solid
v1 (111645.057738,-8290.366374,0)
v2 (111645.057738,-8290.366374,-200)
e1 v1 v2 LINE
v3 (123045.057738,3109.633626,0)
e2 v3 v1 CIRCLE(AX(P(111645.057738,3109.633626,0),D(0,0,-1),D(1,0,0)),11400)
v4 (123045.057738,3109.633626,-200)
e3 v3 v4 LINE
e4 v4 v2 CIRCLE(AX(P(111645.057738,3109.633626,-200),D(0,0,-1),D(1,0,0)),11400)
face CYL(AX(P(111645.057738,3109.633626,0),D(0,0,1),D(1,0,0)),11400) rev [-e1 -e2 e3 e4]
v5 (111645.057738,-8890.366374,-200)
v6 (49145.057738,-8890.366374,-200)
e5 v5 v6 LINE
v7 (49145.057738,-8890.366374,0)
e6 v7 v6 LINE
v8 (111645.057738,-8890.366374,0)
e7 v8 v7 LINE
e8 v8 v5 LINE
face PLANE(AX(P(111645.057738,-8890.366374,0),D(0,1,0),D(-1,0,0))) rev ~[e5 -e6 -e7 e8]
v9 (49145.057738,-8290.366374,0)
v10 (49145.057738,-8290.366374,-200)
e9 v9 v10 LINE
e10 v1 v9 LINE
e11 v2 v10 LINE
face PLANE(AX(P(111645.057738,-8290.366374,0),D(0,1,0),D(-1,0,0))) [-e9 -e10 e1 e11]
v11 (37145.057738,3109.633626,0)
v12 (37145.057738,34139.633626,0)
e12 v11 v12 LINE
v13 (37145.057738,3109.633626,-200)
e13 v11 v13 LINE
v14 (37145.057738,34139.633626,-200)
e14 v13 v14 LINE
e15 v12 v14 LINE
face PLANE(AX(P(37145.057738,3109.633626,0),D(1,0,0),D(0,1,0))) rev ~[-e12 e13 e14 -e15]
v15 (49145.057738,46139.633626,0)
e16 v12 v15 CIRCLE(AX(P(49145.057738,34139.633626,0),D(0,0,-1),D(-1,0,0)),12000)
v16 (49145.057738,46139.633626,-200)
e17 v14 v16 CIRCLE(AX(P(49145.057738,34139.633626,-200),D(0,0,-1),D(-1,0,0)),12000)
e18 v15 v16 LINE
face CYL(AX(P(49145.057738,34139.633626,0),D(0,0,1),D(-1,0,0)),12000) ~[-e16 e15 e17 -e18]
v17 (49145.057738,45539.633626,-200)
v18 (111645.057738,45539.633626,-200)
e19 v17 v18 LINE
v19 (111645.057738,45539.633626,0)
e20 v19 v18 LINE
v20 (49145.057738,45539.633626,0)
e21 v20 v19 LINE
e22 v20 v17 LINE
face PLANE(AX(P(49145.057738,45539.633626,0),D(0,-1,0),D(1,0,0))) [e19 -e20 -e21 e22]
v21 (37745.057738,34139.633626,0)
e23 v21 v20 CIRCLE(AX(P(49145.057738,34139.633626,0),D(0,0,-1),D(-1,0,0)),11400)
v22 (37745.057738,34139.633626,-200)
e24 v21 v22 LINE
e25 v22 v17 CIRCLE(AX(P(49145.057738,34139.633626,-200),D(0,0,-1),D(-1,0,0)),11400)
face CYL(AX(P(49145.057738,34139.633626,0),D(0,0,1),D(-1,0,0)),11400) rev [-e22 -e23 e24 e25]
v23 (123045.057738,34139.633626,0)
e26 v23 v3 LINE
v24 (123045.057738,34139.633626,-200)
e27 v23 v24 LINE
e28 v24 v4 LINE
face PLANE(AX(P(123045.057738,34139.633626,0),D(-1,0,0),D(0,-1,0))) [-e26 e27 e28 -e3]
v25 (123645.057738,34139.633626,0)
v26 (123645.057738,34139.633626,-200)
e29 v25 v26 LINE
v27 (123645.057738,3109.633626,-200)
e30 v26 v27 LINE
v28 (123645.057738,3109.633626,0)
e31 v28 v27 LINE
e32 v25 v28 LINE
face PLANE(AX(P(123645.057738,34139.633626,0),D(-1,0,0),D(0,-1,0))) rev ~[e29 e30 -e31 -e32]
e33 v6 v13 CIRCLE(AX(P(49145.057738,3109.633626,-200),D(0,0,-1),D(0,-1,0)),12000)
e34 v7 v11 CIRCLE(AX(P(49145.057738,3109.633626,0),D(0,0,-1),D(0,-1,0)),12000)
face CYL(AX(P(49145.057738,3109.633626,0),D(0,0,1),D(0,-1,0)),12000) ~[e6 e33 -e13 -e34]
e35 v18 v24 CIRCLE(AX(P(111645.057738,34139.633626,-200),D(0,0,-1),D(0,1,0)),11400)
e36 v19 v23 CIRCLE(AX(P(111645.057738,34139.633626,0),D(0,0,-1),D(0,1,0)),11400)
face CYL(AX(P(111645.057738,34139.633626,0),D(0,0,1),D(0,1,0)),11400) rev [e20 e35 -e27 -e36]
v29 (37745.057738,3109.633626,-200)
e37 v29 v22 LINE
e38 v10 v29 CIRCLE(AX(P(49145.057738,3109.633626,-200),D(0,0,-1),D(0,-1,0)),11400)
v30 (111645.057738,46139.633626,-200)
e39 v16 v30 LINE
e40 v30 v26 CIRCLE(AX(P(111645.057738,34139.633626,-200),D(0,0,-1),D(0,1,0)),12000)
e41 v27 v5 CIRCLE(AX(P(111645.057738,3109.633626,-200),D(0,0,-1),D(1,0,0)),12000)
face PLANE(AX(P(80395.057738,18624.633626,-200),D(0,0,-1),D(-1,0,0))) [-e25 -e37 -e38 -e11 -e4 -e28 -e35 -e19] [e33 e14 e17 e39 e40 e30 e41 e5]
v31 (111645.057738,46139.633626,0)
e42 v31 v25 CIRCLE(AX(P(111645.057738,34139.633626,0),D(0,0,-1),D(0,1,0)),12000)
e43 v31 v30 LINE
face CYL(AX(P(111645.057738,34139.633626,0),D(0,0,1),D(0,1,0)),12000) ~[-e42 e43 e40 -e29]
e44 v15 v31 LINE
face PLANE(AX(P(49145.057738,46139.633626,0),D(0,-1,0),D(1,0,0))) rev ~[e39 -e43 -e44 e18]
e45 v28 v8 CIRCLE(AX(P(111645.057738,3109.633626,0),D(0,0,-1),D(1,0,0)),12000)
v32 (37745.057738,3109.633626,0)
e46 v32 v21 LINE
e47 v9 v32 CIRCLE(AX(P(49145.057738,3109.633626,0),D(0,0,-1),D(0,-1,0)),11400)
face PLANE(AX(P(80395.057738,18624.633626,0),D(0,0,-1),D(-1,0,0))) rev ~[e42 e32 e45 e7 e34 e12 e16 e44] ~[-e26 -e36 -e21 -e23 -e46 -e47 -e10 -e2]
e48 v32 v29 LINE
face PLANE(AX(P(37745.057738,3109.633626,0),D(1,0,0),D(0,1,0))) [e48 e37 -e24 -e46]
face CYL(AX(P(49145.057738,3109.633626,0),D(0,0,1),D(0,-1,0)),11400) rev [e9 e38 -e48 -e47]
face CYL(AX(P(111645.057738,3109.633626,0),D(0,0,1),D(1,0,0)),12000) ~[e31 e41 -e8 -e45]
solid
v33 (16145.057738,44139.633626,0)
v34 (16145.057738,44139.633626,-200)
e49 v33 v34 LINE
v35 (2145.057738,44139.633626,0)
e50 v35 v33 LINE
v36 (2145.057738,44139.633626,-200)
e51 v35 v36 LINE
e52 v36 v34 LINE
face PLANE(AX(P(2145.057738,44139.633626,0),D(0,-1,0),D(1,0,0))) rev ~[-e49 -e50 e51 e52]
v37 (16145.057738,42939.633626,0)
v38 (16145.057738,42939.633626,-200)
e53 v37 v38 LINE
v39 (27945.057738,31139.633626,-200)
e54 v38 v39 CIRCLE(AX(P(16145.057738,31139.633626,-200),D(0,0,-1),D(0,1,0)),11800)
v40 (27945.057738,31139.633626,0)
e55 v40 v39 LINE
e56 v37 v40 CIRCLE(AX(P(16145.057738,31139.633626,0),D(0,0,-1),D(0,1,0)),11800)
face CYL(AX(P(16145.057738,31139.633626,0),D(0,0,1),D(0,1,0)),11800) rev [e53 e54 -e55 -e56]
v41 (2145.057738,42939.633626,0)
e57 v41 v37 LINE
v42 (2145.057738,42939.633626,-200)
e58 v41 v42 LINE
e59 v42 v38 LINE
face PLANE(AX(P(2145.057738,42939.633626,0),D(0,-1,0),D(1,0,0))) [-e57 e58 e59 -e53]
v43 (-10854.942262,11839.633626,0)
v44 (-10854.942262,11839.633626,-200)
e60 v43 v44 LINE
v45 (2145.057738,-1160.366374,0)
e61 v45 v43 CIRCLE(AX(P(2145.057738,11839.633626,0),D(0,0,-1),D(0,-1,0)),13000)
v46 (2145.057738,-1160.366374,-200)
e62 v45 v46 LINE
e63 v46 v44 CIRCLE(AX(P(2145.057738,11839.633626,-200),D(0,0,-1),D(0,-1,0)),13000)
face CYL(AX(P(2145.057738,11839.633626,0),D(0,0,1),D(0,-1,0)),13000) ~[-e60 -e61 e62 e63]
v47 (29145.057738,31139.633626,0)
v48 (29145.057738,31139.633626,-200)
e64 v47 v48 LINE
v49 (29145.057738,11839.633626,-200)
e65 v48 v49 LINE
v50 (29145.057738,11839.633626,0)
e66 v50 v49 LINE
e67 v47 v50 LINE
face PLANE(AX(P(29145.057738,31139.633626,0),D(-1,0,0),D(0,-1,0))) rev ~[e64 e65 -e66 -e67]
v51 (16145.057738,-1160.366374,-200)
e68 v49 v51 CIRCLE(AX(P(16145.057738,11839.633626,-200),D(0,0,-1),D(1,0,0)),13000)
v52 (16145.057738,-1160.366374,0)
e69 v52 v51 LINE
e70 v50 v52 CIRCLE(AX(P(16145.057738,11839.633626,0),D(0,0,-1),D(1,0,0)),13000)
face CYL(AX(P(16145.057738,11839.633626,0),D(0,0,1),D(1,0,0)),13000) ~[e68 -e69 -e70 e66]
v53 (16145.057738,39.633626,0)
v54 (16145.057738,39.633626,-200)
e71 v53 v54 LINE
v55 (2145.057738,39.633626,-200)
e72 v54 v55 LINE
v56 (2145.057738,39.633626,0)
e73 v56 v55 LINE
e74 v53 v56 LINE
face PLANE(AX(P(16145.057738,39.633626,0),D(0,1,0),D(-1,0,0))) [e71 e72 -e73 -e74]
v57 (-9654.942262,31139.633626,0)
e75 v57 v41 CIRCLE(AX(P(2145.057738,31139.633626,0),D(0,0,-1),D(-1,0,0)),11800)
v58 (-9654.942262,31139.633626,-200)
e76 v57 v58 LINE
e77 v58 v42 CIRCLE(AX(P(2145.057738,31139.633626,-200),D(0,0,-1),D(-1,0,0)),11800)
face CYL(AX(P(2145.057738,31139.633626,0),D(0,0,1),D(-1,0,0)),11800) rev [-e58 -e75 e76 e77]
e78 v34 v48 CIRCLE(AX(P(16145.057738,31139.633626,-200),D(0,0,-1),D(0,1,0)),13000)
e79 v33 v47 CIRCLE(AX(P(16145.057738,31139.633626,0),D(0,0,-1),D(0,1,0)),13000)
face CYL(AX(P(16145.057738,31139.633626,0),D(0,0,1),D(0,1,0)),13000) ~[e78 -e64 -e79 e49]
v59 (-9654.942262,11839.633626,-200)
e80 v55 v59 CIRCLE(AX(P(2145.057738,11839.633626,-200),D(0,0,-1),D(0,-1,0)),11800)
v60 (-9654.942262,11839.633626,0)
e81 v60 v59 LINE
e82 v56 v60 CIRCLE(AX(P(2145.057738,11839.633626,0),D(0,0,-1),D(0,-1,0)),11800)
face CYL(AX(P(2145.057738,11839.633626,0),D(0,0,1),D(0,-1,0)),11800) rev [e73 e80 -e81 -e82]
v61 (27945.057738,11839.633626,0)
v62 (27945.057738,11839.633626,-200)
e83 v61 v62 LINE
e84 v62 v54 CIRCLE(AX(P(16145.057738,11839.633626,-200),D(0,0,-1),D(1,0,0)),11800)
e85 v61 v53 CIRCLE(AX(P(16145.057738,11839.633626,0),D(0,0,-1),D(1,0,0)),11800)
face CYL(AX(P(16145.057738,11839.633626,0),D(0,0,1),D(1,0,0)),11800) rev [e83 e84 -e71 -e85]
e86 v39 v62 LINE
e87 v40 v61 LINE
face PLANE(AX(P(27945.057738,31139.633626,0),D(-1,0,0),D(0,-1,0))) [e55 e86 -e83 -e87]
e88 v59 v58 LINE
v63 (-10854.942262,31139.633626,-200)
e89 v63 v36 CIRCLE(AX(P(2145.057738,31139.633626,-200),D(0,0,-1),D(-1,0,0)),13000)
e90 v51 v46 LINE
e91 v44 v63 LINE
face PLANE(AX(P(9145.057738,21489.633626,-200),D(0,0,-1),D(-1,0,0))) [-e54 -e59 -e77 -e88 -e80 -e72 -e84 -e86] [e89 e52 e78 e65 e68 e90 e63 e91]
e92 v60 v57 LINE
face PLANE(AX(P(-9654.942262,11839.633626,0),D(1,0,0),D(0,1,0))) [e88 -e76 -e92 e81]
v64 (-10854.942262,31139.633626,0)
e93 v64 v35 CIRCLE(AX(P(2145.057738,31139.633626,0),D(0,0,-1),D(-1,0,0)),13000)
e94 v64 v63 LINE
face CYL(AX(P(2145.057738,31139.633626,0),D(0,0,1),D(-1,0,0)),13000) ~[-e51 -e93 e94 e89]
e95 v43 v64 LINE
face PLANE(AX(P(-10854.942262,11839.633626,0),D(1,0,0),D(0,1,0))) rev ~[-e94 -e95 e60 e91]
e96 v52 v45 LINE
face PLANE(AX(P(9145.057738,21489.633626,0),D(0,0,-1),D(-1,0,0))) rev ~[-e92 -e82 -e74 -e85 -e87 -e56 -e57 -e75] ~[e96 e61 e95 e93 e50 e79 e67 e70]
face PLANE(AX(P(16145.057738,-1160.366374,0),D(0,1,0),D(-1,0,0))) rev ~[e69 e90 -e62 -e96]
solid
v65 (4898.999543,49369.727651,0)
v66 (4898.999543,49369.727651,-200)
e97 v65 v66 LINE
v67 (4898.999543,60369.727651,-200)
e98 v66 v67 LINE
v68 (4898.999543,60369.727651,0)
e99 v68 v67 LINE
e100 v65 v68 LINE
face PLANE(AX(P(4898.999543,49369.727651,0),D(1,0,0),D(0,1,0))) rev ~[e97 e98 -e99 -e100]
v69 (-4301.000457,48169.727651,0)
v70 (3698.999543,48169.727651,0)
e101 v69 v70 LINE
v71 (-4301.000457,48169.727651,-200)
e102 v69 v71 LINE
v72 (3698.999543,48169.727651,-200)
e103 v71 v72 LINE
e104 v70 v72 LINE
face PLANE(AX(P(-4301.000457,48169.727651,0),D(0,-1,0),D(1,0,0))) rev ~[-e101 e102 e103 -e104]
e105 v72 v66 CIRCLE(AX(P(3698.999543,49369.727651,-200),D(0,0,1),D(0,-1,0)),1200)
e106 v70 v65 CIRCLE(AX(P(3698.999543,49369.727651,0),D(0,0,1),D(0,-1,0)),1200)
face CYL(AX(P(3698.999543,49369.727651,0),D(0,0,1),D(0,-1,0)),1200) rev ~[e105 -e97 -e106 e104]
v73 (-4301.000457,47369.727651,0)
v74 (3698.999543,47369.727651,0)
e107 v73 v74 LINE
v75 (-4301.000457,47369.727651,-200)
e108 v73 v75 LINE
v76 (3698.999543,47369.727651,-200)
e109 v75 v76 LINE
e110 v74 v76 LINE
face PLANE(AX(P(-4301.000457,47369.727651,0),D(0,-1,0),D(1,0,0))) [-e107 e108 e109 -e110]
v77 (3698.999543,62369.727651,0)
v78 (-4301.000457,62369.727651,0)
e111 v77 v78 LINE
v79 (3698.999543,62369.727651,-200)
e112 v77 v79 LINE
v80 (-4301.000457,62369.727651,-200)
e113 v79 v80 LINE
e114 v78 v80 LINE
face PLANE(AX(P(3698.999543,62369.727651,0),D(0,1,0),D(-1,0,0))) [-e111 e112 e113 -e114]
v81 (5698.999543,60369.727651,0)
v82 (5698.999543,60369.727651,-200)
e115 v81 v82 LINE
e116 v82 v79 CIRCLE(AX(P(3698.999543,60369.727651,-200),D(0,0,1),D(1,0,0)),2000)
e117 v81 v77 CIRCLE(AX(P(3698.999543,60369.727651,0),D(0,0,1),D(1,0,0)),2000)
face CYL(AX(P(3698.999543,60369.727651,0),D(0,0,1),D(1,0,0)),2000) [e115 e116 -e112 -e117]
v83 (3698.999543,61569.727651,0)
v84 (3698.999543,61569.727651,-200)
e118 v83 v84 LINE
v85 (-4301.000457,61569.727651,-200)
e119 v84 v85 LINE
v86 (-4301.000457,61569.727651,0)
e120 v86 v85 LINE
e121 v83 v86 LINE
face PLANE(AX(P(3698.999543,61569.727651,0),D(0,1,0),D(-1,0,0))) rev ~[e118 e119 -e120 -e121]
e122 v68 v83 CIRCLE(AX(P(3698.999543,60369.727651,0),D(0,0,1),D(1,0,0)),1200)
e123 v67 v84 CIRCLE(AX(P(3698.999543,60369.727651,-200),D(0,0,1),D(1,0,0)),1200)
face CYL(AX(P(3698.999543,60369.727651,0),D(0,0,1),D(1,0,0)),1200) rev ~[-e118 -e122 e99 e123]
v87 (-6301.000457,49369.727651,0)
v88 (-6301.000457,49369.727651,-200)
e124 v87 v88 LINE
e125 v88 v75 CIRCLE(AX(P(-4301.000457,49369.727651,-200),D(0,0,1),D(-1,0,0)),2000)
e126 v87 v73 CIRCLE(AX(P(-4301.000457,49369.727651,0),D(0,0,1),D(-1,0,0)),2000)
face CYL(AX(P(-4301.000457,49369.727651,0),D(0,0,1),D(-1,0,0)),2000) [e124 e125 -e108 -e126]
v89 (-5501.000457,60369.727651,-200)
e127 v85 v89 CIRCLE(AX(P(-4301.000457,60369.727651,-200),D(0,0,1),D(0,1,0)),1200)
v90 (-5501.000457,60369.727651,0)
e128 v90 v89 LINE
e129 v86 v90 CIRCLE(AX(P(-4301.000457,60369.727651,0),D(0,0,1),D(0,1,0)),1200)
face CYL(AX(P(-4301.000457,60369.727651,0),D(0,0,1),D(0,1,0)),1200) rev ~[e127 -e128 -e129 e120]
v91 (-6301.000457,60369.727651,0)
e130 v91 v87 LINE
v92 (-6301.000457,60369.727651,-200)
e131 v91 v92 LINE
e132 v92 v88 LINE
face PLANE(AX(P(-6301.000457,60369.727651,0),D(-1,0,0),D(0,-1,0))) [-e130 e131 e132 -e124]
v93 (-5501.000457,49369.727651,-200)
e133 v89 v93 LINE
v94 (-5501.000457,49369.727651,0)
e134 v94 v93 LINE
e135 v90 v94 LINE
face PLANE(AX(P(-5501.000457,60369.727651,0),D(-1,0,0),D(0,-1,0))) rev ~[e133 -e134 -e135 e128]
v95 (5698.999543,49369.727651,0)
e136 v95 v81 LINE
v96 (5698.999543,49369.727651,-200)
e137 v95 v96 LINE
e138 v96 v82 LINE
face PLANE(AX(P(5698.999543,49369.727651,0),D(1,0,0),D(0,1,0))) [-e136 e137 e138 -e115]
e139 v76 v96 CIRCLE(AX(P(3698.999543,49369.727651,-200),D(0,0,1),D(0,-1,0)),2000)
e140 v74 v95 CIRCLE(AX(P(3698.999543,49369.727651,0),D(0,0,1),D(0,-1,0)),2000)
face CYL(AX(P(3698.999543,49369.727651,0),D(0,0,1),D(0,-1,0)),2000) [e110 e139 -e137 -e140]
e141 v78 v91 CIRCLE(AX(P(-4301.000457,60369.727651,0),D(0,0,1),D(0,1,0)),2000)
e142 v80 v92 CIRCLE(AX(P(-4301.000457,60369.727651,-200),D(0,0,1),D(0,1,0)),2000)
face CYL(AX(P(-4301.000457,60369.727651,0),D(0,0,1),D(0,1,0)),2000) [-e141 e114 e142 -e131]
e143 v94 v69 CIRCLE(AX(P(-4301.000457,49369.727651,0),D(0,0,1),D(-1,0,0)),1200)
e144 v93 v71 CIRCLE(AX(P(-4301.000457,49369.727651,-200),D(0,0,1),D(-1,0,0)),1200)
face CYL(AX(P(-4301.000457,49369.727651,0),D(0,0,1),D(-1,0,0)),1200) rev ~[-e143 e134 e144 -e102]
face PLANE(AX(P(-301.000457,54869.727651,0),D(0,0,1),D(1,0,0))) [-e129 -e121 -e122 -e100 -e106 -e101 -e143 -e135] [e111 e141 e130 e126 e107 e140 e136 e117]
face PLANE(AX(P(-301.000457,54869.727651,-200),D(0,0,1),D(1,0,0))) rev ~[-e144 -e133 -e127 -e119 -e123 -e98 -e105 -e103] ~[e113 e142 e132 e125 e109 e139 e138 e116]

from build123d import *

# Parameters (mm, degrees)
EXTRUDE1_DEPTH   = 200
EXTRUDE1_2_DEPTH = 200
EXTRUDE1_3_DEPTH = 200


with BuildPart() as part:
    # Sketch1 → Extrude1 (new body)
    with BuildSketch(Plane.XY):
        with BuildLine():
            Line((49145.057737679, 46139.633625626), (111645.057737679, 46139.633625626))
            ThreePointArc((111645.057737679, 46139.633625626), (120130.339111917, 42624.914999864), (123645.057737679, 34139.633625626))
            Line((123645.057737679, 34139.633625626), (123645.057737679, 3109.633625626))
            ThreePointArc((123645.057737679, 3109.633625626), (120130.339111917, -5375.647748613), (111645.057737679, -8890.366374374))
            Line((111645.057737679, -8890.366374374), (49145.057737679, -8890.366374374))
            ThreePointArc((49145.057737679, -8890.366374374), (40659.77636344, -5375.647748613), (37145.057737679, 3109.633625626))
            Line((37145.057737679, 3109.633625626), (37145.057737679, 34139.633625626))
            ThreePointArc((37145.057737679, 34139.633625626), (40659.77636344, 42624.914999864), (49145.057737679, 46139.633625626))
        make_face()
        with BuildLine():
            Line((123045.057737679, 34139.633625626), (123045.057737679, 3109.633625626))
            ThreePointArc((123045.057737679, 3109.633625626), (119706.075043205, -4951.383679901), (111645.057737679, -8290.366374374))
            Line((111645.057737679, -8290.366374374), (49145.057737679, -8290.366374374))
            ThreePointArc((49145.057737679, -8290.366374374), (41084.040432152, -4951.383679901), (37745.057737679, 3109.633625626))
            Line((37745.057737679, 3109.633625626), (37745.057737679, 34139.633625626))
            ThreePointArc((37745.057737679, 34139.633625626), (41084.040432152, 42200.650931152), (49145.057737679, 45539.633625626))
            Line((49145.057737679, 45539.633625626), (111645.057737679, 45539.633625626))
            ThreePointArc((111645.057737679, 45539.633625626), (119706.075043205, 42200.650931152), (123045.057737679, 34139.633625626))
        make_face(mode=Mode.SUBTRACT)
    extrude(amount=-EXTRUDE1_DEPTH)


with BuildPart() as body_2:
    # Sketch1 → Extrude1 2 (new body)
    with BuildSketch(Plane.XY):
        with BuildLine():
            Line((2145.057737679, 44139.633625626), (16145.057737679, 44139.633625626))
            ThreePointArc((16145.057737679, 44139.633625626), (25337.445893104, 40332.021781051), (29145.057737679, 31139.633625626))
            Line((29145.057737679, 31139.633625626), (29145.057737679, 11839.633625626))
            ThreePointArc((29145.057737679, 11839.633625626), (25337.445893104, 2647.245470201), (16145.057737679, -1160.366374374))
            Line((16145.057737679, -1160.366374374), (2145.057737679, -1160.366374374))
            ThreePointArc((2145.057737679, -1160.366374374), (-7047.330417747, 2647.245470201), (-10854.942262321, 11839.633625626))
            Line((-10854.942262321, 11839.633625626), (-10854.942262321, 31139.633625626))
            ThreePointArc((-10854.942262321, 31139.633625626), (-7047.330417747, 40332.021781051), (2145.057737679, 44139.633625626))
        make_face()
        with BuildLine():
            Line((27945.057737679, 31139.633625626), (27945.057737679, 11839.633625626))
            ThreePointArc((27945.057737679, 11839.633625626), (24488.91775568, 3495.773607624), (16145.057737679, 39.633625626))
            Line((16145.057737679, 39.633625626), (2145.057737679, 39.633625626))
            ThreePointArc((2145.057737679, 39.633625626), (-6198.802280323, 3495.773607624), (-9654.942262321, 11839.633625626))
            Line((-9654.942262321, 11839.633625626), (-9654.942262321, 31139.633625626))
            ThreePointArc((-9654.942262321, 31139.633625626), (-6198.802280323, 39483.493643627), (2145.057737679, 42939.633625626))
            Line((2145.057737679, 42939.633625626), (16145.057737679, 42939.633625626))
            ThreePointArc((16145.057737679, 42939.633625626), (24488.91775568, 39483.493643627), (27945.057737679, 31139.633625626))
        make_face(mode=Mode.SUBTRACT)
    extrude(amount=-EXTRUDE1_2_DEPTH)


with BuildPart() as body_3:
    # Sketch1 → Extrude1 3 (new body)
    with BuildSketch(Plane.XY):
        with BuildLine():
            Line((3698.999542599, 62369.727650707), (-4301.000457401, 62369.727650707))
            ThreePointArc((-4301.000457401, 62369.727650707), (-5715.214019774, 61783.941213081), (-6301.000457401, 60369.727650707))
            Line((-6301.000457401, 60369.727650707), (-6301.000457401, 49369.727650707))
            ThreePointArc((-6301.000457401, 49369.727650707), (-5715.214019774, 47955.514088334), (-4301.000457401, 47369.727650707))
            Line((-4301.000457401, 47369.727650707), (3698.999542599, 47369.727650707))
            ThreePointArc((3698.999542599, 47369.727650707), (5113.213104972, 47955.514088334), (5698.999542599, 49369.727650707))
            Line((5698.999542599, 49369.727650707), (5698.999542599, 60369.727650707))
            ThreePointArc((5698.999542599, 60369.727650707), (5113.213104972, 61783.941213081), (3698.999542599, 62369.727650707))
        make_face()
        with BuildLine():
            Line((-5501.000457401, 60369.727650707), (-5501.000457401, 49369.727650707))
            ThreePointArc((-5501.000457401, 49369.727650707), (-5149.528594825, 48521.199513284), (-4301.000457401, 48169.727650707))
            Line((-4301.000457401, 48169.727650707), (3698.999542599, 48169.727650707))
            ThreePointArc((3698.999542599, 48169.727650707), (4547.527680023, 48521.199513284), (4898.999542599, 49369.727650707))
            Line((4898.999542599, 49369.727650707), (4898.999542599, 60369.727650707))
            ThreePointArc((4898.999542599, 60369.727650707), (4547.527680023, 61218.255788131), (3698.999542599, 61569.727650707))
            Line((3698.999542599, 61569.727650707), (-4301.000457401, 61569.727650707))
            ThreePointArc((-4301.000457401, 61569.727650707), (-5149.528594825, 61218.255788131), (-5501.000457401, 60369.727650707))
        make_face(mode=Mode.SUBTRACT)
    extrude(amount=-EXTRUDE1_3_DEPTH)


solid = Compound([part.part, body_2.part, body_3.part])
